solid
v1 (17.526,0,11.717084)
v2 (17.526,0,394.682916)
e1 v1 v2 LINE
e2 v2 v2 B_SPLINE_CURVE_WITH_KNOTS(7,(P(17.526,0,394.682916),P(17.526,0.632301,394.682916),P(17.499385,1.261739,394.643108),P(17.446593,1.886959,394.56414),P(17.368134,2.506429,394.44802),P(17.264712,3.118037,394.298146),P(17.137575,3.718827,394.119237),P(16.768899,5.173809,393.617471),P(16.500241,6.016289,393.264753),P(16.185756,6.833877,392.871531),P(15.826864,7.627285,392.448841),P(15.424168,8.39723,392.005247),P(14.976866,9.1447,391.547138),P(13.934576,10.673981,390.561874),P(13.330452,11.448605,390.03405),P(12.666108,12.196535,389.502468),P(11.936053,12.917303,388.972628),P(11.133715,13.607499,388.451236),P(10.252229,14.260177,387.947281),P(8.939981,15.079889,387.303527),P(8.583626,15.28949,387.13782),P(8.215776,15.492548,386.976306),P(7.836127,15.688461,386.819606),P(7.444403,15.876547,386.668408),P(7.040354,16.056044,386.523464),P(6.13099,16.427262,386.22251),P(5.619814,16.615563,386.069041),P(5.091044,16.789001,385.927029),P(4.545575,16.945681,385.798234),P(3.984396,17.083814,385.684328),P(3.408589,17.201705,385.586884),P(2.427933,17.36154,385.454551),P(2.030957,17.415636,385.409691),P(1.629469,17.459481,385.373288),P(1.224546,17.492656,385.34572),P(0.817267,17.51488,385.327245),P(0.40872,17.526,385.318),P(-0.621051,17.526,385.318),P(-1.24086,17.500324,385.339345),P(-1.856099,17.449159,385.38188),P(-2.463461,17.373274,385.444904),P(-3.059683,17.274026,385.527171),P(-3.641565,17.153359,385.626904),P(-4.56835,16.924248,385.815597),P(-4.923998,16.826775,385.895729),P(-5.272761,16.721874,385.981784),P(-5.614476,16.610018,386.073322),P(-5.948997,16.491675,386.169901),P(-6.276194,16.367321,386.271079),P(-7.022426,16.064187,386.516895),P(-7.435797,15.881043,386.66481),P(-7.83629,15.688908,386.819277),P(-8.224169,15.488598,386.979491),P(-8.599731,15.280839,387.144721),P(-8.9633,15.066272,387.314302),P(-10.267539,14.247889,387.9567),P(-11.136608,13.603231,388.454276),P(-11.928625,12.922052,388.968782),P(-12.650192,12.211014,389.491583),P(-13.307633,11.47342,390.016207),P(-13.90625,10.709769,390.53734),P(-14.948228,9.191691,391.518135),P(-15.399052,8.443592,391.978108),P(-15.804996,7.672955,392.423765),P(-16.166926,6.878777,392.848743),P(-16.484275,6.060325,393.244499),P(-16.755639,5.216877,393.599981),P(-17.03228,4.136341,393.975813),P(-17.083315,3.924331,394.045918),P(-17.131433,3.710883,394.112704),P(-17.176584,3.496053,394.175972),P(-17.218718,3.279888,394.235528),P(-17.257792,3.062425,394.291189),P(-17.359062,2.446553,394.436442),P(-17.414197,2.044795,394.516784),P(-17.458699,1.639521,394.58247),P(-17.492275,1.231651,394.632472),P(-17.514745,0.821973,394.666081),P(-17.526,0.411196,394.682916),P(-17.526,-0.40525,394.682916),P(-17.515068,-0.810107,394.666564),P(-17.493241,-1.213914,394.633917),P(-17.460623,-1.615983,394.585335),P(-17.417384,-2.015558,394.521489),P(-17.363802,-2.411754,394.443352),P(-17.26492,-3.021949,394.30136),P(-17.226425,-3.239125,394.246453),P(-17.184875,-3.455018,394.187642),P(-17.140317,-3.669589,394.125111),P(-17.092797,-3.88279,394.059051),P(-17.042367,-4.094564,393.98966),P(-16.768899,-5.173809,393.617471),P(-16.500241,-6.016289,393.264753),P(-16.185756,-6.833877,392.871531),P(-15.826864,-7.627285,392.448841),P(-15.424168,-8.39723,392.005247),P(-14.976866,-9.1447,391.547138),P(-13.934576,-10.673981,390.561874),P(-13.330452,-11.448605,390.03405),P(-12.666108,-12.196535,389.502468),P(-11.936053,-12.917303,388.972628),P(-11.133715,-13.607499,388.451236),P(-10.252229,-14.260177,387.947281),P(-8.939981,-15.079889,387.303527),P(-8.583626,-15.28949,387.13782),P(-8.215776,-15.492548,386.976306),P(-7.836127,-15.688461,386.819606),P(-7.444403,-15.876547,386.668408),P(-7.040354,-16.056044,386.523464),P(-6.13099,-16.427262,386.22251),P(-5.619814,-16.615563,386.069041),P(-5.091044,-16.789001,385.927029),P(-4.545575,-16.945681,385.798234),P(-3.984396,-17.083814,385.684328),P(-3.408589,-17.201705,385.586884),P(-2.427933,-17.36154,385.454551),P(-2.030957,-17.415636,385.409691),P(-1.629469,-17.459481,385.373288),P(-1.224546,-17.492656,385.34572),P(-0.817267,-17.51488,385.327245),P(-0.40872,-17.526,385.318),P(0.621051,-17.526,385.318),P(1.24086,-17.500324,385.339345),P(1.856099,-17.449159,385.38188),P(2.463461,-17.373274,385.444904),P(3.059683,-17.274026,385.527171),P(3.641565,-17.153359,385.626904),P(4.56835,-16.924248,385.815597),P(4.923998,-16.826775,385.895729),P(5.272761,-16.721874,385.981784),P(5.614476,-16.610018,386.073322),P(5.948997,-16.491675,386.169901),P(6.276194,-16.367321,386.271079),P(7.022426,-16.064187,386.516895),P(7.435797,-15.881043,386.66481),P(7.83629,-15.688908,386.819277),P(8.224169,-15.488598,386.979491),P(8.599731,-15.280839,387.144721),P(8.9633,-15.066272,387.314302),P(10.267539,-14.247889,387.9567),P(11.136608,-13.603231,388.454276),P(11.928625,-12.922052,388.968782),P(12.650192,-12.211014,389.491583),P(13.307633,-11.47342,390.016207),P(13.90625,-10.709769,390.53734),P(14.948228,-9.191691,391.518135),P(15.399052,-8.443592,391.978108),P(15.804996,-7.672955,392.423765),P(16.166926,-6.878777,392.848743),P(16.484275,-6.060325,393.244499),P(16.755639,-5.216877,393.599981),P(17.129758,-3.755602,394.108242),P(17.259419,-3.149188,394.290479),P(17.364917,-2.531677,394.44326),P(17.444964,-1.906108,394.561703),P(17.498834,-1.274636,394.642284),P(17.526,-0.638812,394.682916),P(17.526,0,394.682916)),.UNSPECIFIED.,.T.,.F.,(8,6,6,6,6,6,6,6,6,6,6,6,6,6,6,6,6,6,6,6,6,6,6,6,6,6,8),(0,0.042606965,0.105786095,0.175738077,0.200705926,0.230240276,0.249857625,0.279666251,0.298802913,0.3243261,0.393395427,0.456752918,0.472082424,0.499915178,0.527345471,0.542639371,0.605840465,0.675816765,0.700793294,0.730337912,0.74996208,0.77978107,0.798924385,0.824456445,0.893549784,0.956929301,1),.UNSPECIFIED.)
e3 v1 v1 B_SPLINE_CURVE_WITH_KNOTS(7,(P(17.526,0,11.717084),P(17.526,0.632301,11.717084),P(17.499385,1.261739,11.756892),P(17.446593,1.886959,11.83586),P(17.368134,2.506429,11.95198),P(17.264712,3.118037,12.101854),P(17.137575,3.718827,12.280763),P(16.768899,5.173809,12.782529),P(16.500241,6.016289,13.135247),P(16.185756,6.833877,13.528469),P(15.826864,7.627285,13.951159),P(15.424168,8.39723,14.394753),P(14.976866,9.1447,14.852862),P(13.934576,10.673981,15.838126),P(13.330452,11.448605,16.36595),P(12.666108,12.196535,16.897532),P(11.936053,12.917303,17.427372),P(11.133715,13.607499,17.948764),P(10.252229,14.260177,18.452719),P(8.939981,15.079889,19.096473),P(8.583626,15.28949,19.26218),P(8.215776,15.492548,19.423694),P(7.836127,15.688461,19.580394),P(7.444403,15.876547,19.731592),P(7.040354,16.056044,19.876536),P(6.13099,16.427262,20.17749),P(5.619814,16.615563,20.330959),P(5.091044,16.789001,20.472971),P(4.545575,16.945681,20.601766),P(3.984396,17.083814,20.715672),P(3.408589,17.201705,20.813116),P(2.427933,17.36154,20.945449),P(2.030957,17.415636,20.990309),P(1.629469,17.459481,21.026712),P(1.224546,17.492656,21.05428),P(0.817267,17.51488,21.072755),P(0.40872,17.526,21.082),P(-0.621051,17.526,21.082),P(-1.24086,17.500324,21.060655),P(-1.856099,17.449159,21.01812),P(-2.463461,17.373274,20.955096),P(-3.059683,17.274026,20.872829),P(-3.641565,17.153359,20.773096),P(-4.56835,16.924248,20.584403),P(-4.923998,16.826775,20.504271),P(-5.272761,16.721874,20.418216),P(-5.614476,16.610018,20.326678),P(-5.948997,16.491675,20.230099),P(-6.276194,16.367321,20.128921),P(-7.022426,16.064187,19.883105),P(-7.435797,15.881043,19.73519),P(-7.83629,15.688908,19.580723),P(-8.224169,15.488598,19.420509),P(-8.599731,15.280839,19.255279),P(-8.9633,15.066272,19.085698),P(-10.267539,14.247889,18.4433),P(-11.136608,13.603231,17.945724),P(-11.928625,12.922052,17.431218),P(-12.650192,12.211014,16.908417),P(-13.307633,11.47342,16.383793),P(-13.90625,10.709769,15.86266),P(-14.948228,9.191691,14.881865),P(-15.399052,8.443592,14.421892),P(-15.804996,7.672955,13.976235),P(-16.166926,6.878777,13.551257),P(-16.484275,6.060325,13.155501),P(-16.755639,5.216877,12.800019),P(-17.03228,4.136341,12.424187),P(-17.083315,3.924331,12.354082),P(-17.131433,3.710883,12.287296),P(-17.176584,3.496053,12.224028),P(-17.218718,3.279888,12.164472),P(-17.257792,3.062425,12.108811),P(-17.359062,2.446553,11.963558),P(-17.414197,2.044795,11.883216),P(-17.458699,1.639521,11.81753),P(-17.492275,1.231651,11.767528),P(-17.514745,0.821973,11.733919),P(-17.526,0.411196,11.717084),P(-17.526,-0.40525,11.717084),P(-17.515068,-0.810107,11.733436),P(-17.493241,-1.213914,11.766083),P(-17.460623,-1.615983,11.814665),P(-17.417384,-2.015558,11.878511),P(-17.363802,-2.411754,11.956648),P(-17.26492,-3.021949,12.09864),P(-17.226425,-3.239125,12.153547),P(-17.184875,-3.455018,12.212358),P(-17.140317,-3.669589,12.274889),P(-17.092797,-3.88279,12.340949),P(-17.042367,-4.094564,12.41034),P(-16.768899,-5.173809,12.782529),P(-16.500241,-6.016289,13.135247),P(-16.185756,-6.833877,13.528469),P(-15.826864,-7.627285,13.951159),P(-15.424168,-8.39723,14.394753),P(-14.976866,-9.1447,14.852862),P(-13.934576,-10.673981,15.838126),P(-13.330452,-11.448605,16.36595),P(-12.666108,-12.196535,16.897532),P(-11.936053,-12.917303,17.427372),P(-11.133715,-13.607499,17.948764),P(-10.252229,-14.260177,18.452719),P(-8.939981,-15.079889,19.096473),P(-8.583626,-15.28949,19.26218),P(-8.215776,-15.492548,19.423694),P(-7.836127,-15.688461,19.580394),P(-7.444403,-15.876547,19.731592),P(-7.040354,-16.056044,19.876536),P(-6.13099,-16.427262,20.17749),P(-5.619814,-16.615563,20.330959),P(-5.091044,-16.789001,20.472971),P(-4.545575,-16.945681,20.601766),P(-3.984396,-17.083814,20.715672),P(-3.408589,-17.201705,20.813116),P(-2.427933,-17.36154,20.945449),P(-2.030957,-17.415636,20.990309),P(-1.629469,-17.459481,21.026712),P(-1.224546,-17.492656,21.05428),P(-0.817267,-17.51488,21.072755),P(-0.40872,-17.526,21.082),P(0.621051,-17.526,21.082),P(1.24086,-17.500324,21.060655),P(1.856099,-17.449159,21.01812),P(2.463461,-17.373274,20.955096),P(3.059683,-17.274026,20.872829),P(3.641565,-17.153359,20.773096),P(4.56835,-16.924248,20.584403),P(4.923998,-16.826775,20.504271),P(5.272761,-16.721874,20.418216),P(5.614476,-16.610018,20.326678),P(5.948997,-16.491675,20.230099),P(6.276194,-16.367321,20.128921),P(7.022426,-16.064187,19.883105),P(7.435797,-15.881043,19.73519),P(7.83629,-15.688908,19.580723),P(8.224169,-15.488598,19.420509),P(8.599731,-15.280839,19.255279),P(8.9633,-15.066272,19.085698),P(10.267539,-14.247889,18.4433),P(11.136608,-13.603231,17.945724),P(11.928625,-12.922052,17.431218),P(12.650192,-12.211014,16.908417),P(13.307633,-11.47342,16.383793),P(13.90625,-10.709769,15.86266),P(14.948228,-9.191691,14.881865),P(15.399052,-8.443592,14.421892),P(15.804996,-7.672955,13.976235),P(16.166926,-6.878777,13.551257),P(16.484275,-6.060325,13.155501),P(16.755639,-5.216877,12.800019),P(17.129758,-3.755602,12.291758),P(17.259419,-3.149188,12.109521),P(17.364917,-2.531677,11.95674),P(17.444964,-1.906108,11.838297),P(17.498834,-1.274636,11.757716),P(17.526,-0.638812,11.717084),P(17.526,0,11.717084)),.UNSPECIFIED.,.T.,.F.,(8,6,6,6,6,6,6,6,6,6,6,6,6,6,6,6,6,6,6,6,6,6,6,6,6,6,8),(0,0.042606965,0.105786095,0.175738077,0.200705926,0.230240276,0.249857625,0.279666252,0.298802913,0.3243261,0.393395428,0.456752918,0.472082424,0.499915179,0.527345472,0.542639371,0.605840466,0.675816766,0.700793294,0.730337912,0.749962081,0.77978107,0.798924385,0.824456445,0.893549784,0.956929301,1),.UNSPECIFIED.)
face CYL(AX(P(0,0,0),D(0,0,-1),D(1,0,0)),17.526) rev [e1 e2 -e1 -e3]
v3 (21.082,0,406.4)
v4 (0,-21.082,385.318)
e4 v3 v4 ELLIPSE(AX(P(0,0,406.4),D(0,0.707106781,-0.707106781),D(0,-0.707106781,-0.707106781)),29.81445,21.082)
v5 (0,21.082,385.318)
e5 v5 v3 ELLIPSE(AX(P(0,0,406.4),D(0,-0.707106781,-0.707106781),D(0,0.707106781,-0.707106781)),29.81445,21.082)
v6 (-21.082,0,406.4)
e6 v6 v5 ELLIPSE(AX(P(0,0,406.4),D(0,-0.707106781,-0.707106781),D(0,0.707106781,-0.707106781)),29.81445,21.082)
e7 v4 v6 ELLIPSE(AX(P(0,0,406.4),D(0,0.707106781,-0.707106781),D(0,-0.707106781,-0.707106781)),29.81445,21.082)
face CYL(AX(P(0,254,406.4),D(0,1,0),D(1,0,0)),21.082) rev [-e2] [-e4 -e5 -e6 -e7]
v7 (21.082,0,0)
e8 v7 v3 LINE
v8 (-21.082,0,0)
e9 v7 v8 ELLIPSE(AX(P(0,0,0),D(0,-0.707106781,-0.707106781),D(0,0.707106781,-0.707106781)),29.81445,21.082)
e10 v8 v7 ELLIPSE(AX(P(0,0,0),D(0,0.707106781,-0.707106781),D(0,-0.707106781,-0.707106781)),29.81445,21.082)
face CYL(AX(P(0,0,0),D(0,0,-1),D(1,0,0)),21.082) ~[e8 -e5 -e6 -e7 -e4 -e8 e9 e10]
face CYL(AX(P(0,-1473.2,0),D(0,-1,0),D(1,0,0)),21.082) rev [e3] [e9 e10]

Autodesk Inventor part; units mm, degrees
ref_plane "Start plane" through (0, 0, 0) normal (0, 0, 1) x (1, 0, 0)
ref_plane "End plane" through (0, 0, 406.4) normal (0, 0, 1) x (1, 0, 0)
sketch "Sketch" plane through (0, 0, 0) normal (0, 0, 1) x (1, 0, 0)
  circle A0 centre (0, 0) radius 17.526
  circle A1 centre (0, 0) radius 21.082
  dimension "d0" = 42.164
  dimension "d1" = 3.556
extrude "Body" add sketch "Sketch" along normal up to surface (406.4 mm away) from surface at 0
sketch "Sketch3" plane through (0, 0, 0) normal (0, 0, 1) x (1, 0, 0)
  line L0 (0, 0) -> (10, 0)
ref_plane "Work Plane3" through (0, 0, 0) normal (0, -1, 0) x (1, 0, 0)
sketch "Sketch4" plane through (0, 0, 0) normal (0, -1, 0) x (1, 0, 0)
  line L0 (-2, 0) -> (12, 0)
  line L1 (-2, 406.4) -> (12, 406.4)
  dimension "d7" = 406.4
ref_plane "Work Plane4" through (0, -1473.2, 0) normal (0, 1, 0) x (1, 0, 0)
ref_plane "Work Plane5" through (0, 254, 0) normal (0, 1, 0) x (1, 0, 0)
ref_plane "Work Plane6" through (0, -609.6, 0) normal (0, 1, 0) x (1, 0, 0)
sketch "Sketch5" plane through (0, -609.6, 0) normal (0, 1, 0) x (1, 0, 0)
  circle A0 centre (0, 0) radius 21.082
  circle A1 centre (0, 0) radius 17.526
extrude "Extrusion2" cut sketch "Sketch5" along normal up to surface (1727.2 mm away) from surface at -863.6 contours A0 | A1
ref_plane "Work Plane7" through (0, 254, 406.4) normal (0, -1, 0) x (1, 0, 0)
ref_plane "Work Plane8" through (0, -1473.2, 406.4) normal (0, -1, 0) x (1, 0, 0)
ref_plane "Work Plane9" through (0, -609.6, 406.4) normal (0, -1, 0) x (1, 0, 0)
sketch "Sketch6" plane through (0, -609.6, 406.4) normal (0, -1, 0) x (1, 0, 0)
  circle A0 centre (0, 0) radius 21.082
  circle A1 centre (0, 0) radius 17.526
extrude "Extrusion3" cut sketch "Sketch6" along normal up to surface (1727.2 mm away) from surface at -863.6 contours A0 | A1
equation "\"d0\" = G_H"
equation "\"d1\" = G_T"
equation "\"d2\" = G_L"
equation "\"G_H\" = 42.164"
equation "\"G_T\" = 3.556"
equation "\"G_L\" = d7"
equation "\"G_OFFSET_START\" = 0"
equation "\"G_OFFSET_END\" = 0"
equation "\"d5\" = G_OFFSET_END + B_L"
equation "\"B_L\" = 406.4"
properties part number "ANSI - 1 1/4 x 0.140 - 16" material "Aluminum 6061"
